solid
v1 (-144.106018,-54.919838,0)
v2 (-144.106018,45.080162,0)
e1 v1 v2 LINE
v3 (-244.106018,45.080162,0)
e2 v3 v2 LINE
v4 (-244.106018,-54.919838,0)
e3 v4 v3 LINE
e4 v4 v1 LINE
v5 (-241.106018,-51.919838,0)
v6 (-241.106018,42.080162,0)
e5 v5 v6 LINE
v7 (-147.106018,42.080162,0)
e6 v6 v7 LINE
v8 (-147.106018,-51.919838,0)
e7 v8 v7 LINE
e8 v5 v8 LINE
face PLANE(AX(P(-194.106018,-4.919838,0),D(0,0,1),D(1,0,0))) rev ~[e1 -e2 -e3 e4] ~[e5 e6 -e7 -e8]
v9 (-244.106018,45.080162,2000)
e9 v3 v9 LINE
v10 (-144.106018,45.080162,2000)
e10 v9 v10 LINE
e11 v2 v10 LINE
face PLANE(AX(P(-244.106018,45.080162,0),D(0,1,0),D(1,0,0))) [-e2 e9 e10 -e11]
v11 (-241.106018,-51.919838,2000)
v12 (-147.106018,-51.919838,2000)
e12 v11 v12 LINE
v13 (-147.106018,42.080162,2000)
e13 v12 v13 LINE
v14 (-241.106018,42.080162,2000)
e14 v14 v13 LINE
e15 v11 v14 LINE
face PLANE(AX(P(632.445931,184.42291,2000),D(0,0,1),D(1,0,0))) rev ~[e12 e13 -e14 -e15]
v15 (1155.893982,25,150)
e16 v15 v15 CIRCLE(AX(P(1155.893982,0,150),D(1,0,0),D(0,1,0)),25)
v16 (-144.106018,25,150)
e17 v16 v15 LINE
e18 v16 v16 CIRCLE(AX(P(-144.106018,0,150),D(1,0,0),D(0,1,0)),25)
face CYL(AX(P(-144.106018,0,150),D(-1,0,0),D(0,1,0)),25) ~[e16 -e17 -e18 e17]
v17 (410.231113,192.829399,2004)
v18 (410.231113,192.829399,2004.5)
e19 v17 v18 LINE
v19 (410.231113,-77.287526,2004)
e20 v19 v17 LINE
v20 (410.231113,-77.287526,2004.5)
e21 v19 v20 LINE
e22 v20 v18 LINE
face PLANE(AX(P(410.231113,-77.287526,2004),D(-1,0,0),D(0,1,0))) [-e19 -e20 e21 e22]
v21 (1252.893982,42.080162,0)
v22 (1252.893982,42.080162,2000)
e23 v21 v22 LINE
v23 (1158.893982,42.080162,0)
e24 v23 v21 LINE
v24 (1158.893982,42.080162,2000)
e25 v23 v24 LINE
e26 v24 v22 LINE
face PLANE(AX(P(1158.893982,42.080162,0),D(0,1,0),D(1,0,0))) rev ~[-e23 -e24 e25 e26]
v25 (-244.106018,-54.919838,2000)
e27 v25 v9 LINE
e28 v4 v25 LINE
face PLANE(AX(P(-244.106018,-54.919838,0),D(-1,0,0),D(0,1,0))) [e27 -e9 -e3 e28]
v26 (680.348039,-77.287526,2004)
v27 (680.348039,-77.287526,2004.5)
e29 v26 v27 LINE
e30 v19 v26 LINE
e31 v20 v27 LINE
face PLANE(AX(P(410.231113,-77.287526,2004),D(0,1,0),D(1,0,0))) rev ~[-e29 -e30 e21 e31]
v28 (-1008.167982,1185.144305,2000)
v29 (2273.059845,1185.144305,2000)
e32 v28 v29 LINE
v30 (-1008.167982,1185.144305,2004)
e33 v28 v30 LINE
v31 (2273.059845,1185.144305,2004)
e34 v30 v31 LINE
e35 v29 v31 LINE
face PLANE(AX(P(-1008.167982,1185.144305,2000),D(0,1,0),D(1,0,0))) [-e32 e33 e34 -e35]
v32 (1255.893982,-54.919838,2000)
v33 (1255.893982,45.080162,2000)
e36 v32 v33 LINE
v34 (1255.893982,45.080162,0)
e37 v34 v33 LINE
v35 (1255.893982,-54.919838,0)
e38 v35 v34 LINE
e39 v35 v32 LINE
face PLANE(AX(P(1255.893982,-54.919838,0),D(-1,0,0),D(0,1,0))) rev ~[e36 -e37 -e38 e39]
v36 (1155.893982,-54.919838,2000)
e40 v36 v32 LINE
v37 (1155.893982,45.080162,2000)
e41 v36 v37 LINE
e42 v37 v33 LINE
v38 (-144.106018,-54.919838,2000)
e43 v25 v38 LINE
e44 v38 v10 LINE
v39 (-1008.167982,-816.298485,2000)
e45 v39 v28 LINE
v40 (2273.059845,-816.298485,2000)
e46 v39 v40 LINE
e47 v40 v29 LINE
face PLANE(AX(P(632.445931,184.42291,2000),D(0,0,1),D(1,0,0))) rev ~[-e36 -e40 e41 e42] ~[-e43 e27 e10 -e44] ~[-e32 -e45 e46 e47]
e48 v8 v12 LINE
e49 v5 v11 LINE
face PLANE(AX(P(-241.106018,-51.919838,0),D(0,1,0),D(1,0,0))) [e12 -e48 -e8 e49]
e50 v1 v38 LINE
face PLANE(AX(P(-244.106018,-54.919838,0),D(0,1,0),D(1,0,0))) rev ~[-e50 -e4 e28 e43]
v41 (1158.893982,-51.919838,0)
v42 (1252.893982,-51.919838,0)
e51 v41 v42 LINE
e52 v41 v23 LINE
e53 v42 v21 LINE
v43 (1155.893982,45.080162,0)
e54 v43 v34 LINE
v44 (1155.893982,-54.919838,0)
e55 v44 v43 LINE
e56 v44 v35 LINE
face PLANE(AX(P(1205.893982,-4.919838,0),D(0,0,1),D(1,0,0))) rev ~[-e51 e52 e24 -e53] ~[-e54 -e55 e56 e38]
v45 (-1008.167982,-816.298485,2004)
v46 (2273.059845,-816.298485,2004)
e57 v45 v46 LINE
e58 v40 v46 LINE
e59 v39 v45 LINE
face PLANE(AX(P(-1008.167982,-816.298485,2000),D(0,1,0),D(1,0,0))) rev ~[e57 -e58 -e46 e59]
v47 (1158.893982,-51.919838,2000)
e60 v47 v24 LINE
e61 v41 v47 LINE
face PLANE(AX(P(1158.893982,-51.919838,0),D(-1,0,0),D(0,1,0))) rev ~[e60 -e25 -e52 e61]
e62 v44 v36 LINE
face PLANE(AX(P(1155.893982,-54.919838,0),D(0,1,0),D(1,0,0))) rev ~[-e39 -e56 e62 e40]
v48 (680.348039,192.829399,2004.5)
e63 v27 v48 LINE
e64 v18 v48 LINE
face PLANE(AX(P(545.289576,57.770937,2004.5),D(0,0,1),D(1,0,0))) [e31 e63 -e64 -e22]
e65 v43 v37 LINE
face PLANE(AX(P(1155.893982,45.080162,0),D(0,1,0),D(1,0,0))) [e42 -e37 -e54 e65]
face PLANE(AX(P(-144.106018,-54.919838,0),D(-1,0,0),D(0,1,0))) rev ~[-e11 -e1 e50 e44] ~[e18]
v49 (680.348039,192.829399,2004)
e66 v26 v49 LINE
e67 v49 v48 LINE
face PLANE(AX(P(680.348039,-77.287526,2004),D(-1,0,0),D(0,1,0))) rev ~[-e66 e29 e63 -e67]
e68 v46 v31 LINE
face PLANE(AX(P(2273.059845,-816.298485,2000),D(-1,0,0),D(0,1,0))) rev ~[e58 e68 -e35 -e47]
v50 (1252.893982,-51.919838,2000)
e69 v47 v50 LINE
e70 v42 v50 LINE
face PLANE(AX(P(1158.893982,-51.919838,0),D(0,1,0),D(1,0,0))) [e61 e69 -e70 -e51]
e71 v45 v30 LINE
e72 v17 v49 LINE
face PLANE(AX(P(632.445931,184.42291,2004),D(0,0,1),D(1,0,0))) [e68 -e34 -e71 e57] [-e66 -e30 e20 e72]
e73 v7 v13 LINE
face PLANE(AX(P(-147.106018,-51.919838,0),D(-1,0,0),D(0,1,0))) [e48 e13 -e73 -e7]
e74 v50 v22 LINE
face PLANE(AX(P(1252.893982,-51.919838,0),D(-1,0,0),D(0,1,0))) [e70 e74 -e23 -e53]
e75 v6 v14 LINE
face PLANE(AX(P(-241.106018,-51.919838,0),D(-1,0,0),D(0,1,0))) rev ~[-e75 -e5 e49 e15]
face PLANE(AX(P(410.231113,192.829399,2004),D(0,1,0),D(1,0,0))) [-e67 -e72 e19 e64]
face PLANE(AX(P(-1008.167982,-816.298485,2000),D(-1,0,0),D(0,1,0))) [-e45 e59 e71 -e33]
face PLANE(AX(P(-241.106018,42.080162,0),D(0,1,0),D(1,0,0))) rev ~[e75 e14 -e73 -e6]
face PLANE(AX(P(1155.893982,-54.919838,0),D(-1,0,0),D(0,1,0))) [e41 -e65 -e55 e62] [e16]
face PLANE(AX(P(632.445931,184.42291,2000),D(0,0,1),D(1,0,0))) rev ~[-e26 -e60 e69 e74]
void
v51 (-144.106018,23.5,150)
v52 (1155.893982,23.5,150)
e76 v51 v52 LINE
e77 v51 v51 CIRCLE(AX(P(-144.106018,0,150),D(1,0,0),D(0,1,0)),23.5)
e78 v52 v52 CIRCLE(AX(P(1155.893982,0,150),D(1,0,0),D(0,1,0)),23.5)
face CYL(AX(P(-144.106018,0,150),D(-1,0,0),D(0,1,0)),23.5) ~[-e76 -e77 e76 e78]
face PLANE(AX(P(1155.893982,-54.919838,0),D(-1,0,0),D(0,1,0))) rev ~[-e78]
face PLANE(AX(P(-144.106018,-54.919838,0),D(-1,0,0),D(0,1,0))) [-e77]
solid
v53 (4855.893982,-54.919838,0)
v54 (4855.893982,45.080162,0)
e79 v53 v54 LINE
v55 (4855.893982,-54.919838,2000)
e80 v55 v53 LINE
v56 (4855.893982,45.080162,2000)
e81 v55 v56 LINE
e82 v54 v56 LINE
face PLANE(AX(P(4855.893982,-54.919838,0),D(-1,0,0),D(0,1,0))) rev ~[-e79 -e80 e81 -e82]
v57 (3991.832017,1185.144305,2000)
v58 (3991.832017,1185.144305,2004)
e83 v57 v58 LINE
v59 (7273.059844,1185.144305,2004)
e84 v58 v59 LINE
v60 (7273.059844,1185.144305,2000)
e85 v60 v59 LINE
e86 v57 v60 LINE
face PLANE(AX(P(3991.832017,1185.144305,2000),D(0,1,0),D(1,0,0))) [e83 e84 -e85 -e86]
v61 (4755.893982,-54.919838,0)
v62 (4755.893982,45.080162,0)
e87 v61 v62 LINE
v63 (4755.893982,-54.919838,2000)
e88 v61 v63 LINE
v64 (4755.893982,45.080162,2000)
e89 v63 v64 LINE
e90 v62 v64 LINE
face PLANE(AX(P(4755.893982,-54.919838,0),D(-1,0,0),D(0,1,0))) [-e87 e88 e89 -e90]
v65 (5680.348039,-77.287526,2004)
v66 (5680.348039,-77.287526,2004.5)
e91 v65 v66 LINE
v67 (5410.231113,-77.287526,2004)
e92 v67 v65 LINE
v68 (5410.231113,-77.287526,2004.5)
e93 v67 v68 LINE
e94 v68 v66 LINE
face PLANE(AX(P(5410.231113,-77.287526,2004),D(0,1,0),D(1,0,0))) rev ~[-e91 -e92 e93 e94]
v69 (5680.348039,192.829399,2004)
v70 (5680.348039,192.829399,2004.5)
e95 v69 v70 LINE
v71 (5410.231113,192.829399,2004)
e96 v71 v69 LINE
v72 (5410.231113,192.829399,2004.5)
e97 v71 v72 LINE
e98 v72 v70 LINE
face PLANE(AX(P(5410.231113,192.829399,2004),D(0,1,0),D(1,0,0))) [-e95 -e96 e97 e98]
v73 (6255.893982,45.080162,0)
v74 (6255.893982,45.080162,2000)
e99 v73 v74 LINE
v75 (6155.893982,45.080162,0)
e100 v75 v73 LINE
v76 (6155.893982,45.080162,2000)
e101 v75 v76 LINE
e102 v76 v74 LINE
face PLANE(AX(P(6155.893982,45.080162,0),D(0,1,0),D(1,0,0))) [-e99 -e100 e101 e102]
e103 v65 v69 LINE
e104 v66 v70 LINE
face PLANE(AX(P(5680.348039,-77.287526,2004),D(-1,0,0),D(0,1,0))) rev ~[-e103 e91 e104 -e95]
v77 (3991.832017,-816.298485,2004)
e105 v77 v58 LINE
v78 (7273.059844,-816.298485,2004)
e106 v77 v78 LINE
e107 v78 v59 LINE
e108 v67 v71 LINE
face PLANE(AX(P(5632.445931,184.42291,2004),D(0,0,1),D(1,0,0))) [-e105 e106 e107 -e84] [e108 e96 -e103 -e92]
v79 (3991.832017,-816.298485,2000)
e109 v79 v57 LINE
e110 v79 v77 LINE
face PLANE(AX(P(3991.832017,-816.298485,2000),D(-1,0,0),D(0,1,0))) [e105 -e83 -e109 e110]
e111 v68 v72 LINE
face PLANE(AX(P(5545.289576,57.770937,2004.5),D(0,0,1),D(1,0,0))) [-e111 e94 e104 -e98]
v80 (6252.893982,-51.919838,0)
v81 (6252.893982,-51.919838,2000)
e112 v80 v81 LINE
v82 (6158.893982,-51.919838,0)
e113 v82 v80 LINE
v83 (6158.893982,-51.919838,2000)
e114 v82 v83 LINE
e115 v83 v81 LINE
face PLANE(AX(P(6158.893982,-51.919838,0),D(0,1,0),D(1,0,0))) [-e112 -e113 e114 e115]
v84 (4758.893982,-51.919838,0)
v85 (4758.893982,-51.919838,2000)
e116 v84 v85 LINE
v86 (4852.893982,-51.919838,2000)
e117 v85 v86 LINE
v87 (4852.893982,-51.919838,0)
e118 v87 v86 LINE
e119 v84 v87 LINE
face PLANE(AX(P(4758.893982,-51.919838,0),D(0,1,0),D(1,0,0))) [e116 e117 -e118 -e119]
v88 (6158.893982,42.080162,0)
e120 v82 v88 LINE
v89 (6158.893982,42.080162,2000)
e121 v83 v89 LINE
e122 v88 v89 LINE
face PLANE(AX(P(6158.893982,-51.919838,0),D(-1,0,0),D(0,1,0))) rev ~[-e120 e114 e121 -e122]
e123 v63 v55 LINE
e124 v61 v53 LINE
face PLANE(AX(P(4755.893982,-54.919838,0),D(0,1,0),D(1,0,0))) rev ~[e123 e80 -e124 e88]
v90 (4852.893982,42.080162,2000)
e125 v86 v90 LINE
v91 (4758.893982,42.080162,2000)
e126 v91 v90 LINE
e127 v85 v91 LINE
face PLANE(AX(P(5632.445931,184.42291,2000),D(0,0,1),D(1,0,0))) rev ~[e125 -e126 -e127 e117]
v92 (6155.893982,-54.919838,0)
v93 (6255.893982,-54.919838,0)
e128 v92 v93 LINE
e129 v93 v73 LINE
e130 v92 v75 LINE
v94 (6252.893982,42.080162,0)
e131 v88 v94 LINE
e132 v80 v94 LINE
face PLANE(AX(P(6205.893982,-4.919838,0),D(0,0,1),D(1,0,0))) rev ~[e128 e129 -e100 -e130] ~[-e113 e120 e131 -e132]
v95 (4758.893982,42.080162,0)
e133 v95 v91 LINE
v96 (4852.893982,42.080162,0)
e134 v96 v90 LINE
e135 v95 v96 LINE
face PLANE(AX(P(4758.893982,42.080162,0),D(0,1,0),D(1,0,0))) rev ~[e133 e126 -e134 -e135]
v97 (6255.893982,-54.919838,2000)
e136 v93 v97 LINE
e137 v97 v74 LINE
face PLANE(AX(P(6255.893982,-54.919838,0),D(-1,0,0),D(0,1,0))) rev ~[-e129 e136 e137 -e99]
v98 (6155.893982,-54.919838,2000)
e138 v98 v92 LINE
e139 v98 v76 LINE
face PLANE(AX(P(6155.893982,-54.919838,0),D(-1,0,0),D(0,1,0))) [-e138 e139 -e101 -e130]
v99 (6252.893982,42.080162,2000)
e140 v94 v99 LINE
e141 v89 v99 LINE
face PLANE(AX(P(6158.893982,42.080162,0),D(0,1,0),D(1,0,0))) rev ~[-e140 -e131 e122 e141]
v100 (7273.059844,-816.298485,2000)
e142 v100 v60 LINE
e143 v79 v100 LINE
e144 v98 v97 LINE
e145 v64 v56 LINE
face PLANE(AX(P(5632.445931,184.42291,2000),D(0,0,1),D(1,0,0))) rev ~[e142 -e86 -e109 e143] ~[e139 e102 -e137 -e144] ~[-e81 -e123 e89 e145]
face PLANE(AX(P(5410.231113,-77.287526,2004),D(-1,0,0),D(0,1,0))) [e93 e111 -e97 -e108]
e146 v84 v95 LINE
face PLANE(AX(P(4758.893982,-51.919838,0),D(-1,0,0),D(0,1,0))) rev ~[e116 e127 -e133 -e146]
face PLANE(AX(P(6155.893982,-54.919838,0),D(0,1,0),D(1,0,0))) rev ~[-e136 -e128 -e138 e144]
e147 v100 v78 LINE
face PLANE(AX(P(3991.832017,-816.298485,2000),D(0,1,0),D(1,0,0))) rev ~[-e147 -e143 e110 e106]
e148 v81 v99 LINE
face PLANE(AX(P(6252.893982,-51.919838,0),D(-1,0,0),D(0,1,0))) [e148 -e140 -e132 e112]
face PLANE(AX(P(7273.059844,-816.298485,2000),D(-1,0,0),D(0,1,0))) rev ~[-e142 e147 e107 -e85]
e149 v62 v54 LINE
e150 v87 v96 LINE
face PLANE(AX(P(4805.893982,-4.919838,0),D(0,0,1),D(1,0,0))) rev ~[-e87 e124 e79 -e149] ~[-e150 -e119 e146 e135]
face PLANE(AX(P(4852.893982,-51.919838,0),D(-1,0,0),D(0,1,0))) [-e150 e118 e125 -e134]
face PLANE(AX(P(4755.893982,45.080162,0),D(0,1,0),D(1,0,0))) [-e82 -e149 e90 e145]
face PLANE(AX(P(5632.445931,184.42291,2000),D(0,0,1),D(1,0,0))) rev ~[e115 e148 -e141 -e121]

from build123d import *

# Parameters (mm, degrees)
F0_W      = 100
F0_H      = 100
F0_W_2    = 94
F0_H_2    = 94
F1_DEPTH  = 2000
F2_R      = 25
F2_R_2    = 23.5
F3_DEPTH  = 1300
F4_W      = 3281.227827
F4_H      = 2001.44279
F5_DEPTH  = 4
F6_W      = 270.116926
F6_H      = 270.116925
F7_DEPTH  = 0.5
F9_W      = 899.782896
F9_H      = 436.490618
F10_DEPTH = 1300


with BuildPart() as f1:
    # F0 (on Top) → F1 (new body)
    with BuildSketch(Plane.XY):
        with Locations((-194.106018, -4.919838)):
            Rectangle(F0_W, F0_H)
        with Locations((-194.106018, -4.919838)):
            Rectangle(F0_W_2, F0_H_2, mode=Mode.SUBTRACT)
        with Locations((1205.893982, -4.919838)):
            Rectangle(F0_W, F0_H)
        with Locations((1205.893982, -4.919838)):
            Rectangle(F0_W_2, F0_H_2, mode=Mode.SUBTRACT)
    extrude(amount=F1_DEPTH)

    # F2 (on face) → F3 (join, through all)
    with BuildSketch(Plane.YZ.offset(-144.106018)):
        with Locations((0, 150)):
            Circle(F2_R)
        with Locations((0, 150)):
            Circle(F2_R_2, mode=Mode.SUBTRACT)
    extrude(amount=F3_DEPTH)

    # F4 (on face) → F5 (join)
    with BuildSketch(Plane.XY.offset(2000)):
        with Locations((632.445931, 184.42291)):
            Rectangle(F4_W, F4_H)
    extrude(amount=F5_DEPTH)

    # F6 (on face) → F7 (join)
    with BuildSketch(Plane.XY.offset(2004)):
        with Locations((545.289576, 57.770937)):
            Rectangle(F6_W, F6_H)
    extrude(amount=F7_DEPTH)


with BuildPart() as f8_1:
    # F8: copy of F1
    add(f1.part.moved(Location((5000, 0, 0))))

    # F9 (on face) → F10 (cut)
    with BuildSketch(Plane.YZ.offset(4855.893982)):
        with Locations((10.314554, 177.6294)):
            Rectangle(F9_W, F9_H)
    extrude(amount=F10_DEPTH, mode=Mode.SUBTRACT)


solid = Compound([f1.part, f8_1.part])
